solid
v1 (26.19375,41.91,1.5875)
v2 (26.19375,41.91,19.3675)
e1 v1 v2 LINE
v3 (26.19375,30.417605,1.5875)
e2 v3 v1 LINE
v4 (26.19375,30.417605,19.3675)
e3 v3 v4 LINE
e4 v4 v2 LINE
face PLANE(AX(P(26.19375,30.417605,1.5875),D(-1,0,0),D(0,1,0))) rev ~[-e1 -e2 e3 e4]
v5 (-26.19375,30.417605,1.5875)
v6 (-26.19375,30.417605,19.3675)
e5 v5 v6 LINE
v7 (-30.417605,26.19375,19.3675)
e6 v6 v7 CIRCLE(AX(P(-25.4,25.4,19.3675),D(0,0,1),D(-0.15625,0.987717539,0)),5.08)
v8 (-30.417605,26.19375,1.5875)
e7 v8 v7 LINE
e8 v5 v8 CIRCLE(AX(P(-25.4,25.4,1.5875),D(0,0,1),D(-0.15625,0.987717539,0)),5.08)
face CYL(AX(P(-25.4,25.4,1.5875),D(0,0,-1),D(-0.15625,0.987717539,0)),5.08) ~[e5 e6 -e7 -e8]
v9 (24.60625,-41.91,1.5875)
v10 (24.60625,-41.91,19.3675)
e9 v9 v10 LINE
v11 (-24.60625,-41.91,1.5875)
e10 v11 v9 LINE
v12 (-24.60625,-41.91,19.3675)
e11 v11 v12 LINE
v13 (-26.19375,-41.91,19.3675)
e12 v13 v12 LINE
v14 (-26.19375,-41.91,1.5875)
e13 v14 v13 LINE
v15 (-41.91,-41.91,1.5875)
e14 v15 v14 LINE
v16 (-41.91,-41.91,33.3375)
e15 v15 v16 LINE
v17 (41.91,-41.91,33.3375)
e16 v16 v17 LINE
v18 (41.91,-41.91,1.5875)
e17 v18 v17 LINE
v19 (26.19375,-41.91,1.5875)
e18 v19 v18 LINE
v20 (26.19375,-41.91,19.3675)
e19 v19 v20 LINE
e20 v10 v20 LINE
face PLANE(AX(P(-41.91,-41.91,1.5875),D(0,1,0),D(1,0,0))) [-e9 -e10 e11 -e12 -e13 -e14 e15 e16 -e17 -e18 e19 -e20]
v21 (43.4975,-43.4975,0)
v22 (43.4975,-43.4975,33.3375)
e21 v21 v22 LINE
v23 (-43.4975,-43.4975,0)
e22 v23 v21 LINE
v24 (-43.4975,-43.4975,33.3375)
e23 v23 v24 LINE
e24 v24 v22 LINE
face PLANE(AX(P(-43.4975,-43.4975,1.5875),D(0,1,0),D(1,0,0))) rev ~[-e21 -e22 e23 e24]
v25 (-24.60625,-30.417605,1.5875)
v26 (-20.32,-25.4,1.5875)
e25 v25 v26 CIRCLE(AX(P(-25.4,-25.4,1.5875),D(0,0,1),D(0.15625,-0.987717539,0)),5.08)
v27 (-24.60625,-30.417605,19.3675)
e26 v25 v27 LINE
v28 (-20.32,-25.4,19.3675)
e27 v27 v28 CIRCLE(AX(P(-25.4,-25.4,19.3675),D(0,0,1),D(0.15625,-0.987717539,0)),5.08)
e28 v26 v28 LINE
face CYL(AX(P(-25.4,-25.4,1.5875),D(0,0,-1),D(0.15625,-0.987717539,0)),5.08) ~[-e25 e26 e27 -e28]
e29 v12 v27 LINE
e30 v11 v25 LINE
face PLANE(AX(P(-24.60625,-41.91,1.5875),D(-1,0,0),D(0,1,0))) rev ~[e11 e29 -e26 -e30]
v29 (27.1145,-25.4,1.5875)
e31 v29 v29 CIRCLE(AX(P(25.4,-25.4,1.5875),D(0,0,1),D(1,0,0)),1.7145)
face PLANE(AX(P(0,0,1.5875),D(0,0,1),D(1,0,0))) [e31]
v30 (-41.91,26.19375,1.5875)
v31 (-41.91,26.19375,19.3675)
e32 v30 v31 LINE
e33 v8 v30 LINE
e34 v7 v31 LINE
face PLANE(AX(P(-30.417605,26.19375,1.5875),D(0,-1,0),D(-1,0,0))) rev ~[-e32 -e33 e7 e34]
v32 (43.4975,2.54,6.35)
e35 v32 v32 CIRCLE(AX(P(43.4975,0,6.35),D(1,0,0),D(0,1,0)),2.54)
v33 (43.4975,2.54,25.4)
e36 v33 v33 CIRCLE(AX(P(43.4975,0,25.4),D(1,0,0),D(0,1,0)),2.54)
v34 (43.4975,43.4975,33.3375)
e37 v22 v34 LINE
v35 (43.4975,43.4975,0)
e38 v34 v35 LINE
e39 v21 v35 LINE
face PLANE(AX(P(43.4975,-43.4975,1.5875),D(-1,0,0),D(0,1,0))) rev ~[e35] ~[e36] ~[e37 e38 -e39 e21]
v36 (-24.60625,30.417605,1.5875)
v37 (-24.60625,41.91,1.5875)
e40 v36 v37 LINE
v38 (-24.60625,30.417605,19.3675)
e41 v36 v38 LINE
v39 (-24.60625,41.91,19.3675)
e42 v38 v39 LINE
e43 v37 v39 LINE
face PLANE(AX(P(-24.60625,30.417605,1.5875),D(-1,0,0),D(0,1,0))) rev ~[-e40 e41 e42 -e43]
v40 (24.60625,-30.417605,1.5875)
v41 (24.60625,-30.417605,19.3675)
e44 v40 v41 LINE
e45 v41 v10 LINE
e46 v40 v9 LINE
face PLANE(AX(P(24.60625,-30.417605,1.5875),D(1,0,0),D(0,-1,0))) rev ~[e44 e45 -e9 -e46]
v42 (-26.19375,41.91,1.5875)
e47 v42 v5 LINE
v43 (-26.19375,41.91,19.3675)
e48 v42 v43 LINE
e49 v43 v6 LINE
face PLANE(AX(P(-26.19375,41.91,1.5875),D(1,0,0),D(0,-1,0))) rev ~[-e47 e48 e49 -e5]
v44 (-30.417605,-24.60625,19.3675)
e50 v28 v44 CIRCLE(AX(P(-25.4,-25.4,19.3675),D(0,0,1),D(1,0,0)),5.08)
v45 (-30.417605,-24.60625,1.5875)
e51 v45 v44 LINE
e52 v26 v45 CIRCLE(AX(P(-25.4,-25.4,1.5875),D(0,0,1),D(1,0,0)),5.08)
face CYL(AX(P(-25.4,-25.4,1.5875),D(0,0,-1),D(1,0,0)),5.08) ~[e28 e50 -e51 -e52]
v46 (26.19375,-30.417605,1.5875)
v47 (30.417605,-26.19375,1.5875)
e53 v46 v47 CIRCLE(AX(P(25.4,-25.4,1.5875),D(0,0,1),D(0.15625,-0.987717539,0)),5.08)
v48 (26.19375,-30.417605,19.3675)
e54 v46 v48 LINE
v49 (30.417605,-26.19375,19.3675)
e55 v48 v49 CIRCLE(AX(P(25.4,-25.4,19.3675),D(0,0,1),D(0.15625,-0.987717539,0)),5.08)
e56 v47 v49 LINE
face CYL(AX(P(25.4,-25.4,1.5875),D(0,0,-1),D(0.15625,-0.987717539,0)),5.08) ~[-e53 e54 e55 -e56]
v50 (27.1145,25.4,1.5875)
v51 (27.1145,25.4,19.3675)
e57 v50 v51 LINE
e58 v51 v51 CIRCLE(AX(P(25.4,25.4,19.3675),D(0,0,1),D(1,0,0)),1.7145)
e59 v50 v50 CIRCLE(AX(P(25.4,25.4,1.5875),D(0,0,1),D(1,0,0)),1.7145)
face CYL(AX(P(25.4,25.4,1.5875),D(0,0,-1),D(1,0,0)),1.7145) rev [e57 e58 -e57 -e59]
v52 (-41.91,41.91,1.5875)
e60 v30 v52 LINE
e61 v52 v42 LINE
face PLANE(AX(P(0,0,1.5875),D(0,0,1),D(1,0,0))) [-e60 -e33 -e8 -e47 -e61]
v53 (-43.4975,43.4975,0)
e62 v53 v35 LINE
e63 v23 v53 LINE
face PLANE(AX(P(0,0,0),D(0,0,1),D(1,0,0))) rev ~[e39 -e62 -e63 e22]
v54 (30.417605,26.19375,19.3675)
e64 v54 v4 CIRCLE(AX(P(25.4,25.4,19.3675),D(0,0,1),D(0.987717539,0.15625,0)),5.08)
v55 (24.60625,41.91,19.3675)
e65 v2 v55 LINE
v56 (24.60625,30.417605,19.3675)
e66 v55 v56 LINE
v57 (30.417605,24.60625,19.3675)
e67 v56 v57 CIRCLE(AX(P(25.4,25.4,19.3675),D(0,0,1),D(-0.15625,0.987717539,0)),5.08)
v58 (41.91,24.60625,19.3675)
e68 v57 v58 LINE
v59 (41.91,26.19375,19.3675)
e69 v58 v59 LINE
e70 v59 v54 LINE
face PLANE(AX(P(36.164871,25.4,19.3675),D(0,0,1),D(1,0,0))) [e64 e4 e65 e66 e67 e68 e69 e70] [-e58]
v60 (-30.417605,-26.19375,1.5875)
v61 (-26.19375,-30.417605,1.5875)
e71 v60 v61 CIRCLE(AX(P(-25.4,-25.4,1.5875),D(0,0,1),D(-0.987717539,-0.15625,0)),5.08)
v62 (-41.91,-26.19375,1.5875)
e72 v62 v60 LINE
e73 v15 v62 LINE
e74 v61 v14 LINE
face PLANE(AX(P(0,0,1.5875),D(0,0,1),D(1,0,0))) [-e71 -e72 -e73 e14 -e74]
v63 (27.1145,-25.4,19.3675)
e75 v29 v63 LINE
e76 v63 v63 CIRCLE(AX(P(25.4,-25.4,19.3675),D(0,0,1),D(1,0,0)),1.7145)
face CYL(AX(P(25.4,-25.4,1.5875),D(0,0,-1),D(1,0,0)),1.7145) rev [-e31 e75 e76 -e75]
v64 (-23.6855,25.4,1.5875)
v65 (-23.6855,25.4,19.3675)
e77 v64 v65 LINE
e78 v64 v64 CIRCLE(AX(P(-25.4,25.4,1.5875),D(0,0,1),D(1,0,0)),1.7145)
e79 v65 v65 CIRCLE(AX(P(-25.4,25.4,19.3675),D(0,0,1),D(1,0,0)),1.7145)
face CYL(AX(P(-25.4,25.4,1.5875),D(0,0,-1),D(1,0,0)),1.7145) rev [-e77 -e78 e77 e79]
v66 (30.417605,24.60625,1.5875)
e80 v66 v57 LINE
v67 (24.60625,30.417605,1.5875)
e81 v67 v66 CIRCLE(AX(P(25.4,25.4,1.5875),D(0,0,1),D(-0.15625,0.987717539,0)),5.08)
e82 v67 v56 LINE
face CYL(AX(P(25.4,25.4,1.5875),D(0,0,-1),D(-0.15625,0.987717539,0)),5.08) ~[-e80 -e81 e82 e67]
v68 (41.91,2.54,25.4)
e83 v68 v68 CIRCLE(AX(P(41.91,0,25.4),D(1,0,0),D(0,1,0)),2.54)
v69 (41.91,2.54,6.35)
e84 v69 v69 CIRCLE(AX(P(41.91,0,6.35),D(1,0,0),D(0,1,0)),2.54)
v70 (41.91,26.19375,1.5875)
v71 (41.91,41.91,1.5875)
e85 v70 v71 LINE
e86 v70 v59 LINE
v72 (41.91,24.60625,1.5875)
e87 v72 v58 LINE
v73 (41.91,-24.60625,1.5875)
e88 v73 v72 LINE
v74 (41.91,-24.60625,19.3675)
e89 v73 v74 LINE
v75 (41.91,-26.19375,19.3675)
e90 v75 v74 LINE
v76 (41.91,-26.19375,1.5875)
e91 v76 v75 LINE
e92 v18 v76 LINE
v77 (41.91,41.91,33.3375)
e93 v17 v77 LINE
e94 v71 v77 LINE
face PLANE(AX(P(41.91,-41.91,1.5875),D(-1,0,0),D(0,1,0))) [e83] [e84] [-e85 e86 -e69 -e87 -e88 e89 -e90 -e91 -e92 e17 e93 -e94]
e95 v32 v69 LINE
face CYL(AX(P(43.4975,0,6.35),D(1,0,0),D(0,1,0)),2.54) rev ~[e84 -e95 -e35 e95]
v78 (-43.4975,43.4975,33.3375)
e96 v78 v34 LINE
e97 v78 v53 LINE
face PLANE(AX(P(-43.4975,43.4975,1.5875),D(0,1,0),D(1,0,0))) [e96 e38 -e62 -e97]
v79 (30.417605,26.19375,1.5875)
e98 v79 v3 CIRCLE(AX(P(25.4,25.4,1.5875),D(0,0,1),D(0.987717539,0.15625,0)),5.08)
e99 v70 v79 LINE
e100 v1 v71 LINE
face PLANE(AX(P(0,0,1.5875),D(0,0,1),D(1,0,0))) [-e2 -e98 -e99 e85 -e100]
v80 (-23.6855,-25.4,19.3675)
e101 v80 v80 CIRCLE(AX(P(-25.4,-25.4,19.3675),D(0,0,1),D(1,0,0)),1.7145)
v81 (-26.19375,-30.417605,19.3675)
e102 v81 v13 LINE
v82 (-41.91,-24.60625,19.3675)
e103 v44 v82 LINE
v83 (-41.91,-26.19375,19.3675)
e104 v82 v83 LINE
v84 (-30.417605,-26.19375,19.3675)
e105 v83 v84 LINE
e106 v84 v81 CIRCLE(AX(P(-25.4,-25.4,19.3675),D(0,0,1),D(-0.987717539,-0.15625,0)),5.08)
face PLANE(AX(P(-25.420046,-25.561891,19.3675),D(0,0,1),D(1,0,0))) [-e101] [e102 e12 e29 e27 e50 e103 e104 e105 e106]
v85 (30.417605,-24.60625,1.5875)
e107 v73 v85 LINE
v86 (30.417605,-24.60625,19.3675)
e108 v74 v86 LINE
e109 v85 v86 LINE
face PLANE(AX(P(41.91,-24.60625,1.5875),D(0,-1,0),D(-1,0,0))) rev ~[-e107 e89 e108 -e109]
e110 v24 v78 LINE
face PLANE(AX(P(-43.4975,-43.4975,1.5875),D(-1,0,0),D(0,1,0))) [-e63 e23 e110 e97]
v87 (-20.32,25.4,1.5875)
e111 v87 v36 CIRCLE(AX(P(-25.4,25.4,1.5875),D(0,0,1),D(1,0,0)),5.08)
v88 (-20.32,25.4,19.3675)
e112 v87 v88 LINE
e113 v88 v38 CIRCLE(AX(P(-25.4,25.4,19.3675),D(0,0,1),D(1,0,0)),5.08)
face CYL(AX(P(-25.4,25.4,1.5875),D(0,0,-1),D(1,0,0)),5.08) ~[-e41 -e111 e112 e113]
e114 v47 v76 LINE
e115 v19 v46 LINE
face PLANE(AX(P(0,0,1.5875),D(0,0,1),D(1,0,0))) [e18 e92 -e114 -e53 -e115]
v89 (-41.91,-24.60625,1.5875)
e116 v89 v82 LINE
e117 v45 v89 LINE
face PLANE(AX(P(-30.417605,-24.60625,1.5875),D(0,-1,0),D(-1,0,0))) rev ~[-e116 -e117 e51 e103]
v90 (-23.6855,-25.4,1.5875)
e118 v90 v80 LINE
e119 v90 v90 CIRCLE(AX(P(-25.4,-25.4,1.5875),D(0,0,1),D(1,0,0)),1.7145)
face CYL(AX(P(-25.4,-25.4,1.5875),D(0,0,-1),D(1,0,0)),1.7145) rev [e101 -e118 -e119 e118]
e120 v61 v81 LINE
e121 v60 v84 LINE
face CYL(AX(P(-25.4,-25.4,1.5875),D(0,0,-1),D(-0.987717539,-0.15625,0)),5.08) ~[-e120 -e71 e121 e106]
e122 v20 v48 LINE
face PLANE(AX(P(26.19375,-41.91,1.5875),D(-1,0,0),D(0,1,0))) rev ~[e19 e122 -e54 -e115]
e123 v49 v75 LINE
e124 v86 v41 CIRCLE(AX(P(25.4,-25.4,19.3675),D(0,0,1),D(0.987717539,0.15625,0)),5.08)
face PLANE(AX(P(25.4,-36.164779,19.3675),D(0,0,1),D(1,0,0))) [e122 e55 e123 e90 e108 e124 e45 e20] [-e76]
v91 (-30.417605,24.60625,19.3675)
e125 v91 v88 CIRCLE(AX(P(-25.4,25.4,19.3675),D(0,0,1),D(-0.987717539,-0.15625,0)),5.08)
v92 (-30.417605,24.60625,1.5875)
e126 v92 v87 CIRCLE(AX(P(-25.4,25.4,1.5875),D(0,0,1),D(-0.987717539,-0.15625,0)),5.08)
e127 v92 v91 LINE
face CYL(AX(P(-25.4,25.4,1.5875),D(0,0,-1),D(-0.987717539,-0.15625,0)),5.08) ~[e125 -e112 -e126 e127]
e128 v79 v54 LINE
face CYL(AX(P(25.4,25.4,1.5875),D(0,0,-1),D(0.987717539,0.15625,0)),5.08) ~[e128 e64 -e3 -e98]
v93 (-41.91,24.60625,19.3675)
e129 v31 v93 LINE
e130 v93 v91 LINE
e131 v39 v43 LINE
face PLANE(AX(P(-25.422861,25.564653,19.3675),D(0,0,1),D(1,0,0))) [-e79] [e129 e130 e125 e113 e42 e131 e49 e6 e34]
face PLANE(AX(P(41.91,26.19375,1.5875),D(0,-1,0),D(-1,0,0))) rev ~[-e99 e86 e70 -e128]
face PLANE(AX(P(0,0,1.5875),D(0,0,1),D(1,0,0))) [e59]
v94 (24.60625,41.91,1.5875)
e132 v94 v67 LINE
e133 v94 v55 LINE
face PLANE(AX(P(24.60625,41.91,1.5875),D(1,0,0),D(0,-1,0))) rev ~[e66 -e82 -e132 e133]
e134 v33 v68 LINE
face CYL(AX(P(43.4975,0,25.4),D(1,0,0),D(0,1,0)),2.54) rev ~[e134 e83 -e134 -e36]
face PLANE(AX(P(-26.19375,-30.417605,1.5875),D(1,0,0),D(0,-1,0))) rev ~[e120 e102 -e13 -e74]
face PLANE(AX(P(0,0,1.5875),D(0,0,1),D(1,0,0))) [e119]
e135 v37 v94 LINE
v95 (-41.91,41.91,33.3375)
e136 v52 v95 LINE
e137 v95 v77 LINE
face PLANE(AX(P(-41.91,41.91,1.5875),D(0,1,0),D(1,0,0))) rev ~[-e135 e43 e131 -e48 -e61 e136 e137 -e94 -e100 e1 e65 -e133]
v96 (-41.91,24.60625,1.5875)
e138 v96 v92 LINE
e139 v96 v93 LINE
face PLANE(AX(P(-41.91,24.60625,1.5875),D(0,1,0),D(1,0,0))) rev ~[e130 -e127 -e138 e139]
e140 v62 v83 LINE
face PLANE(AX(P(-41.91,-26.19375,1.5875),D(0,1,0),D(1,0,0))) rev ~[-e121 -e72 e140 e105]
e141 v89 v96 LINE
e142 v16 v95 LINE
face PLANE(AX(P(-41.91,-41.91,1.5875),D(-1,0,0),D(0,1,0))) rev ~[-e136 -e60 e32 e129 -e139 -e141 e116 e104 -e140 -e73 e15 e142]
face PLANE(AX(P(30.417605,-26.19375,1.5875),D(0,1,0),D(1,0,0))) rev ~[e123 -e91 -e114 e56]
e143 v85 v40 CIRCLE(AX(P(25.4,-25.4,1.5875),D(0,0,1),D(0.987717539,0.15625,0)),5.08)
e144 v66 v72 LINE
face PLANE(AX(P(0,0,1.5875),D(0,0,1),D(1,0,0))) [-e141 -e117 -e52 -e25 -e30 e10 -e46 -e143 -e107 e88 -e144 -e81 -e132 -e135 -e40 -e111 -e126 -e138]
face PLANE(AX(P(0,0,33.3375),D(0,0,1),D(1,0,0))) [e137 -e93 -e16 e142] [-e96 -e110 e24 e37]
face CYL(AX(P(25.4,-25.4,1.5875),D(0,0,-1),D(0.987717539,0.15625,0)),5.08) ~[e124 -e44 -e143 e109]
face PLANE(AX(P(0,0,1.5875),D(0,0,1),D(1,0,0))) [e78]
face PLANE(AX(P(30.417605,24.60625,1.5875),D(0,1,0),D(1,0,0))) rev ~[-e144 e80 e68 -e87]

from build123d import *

# Parameters (mm, degrees)
F0_W     = 86.995
F0_H     = 86.995
F1_DEPTH = 1.5875
F2_W     = 86.995
F2_H     = 86.995
F2_W_2   = 83.82
F2_H_2   = 83.82
F3_DEPTH = 31.75
F4_R     = 1.7145
F5_DEPTH = 17.78
F6_R     = 2.54
F7_DEPTH = 1.5875


with BuildPart() as f1:
    # F0 (on Top) → F1 (new body)
    with BuildSketch(Plane.XY):
        Rectangle(F0_W, F0_H)
    extrude(amount=F1_DEPTH)

    # F2 (on face) → F3 (join)
    with BuildSketch(Plane.XY.offset(1.5875)):
        Rectangle(F2_W, F2_H)
        Rectangle(F2_W_2, F2_H_2, mode=Mode.SUBTRACT)
    extrude(amount=F3_DEPTH)

    # F4 (on face) → F5 (join)
    with BuildSketch(Plane.XY.offset(1.5875)):
        with BuildLine():
            ThreePointArc((-24.60625, -30.4176050998), (-21.5374457933, -28.6995567884), (-20.32, -25.4))
            ThreePointArc((-20.32, -25.4), (-25.0019007077, -20.3356227477), (-30.4176050998, -24.60625))
            Line((-30.4176050998, -24.60625), (-30.4176050998, -26.19375))
            ThreePointArc((-30.4176050998, -26.19375), (-28.9921024484, -28.9921024484), (-26.19375, -30.4176050998))
            Line((-26.19375, -30.4176050998), (-24.60625, -30.4176050998))
        make_face()
        with Locations((-25.4, -25.4)):
            Circle(F4_R, mode=Mode.SUBTRACT)
        with BuildLine():
            Line((-30.4176050998, -26.19375), (-30.4176050998, -24.60625))
            ThreePointArc((-30.4176050998, -24.60625), (-30.48, -25.4), (-30.4176050998, -26.19375))
        make_face()
        with BuildLine():
            ThreePointArc((-30.4176050998, -26.19375), (-30.48, -25.4), (-30.4176050998, -24.60625))
            Line((-30.4176050998, -24.60625), (-41.91, -24.60625))
            Line((-41.91, -24.60625), (-41.91, -26.19375))
            Line((-41.91, -26.19375), (-30.4176050998, -26.19375))
        make_face()
        with BuildLine():
            Line((-24.60625, -41.91), (-24.60625, -30.4176050998))
            ThreePointArc((-24.60625, -30.4176050998), (-25.4, -30.48), (-26.19375, -30.4176050998))
            Line((-26.19375, -30.4176050998), (-26.19375, -41.91))
            Line((-26.19375, -41.91), (-24.60625, -41.91))
        make_face()
        with BuildLine():
            ThreePointArc((-26.19375, -30.4176050998), (-25.4, -30.48), (-24.60625, -30.4176050998))
            Line((-24.60625, -30.4176050998), (-26.19375, -30.4176050998))
        make_face()
        with BuildLine():
            ThreePointArc((-30.4176050998, 24.60625), (-25.0019007077, 20.3356227477), (-20.32, 25.4))
            ThreePointArc((-20.32, 25.4), (-21.5374457933, 28.6995567884), (-24.60625, 30.4176050998))
            ThreePointArc((-24.60625, 30.4176050998), (-25.4, 30.48), (-26.19375, 30.4176050998))
            ThreePointArc((-26.19375, 30.4176050998), (-28.9921024484, 28.9921024484), (-30.4176050998, 26.19375))
            ThreePointArc((-30.4176050998, 26.19375), (-30.48, 25.4), (-30.4176050998, 24.60625))
        make_face()
        with Locations((-25.4, 25.4)):
            Circle(F4_R, mode=Mode.SUBTRACT)
        with BuildLine():
            ThreePointArc((-26.19375, 30.4176050998), (-25.4, 30.48), (-24.60625, 30.4176050998))
            Line((-24.60625, 30.4176050998), (-24.60625, 41.91))
            Line((-24.60625, 41.91), (-26.19375, 41.91))
            Line((-26.19375, 41.91), (-26.19375, 30.4176050998))
        make_face()
        with BuildLine():
            Line((-41.91, 24.60625), (-30.4176050998, 24.60625))
            ThreePointArc((-30.4176050998, 24.60625), (-30.48, 25.4), (-30.4176050998, 26.19375))
            Line((-30.4176050998, 26.19375), (-41.91, 26.19375))
            Line((-41.91, 26.19375), (-41.91, 24.60625))
        make_face()
        with BuildLine():
            Line((24.60625, -41.91), (26.19375, -41.91))
            Line((26.19375, -41.91), (26.19375, -30.4176050998))
            ThreePointArc((26.19375, -30.4176050998), (25.4, -30.48), (24.60625, -30.4176050998))
            Line((24.60625, -30.4176050998), (24.60625, -41.91))
        make_face()
        with BuildLine():
            ThreePointArc((24.60625, -30.4176050998), (25.4, -30.48), (26.19375, -30.4176050998))
            ThreePointArc((26.19375, -30.4176050998), (28.9921024484, -28.9921024484), (30.4176050998, -26.19375))
            ThreePointArc((30.4176050998, -26.19375), (30.4643772523, -25.7980992923), (30.48, -25.4))
            ThreePointArc((30.48, -25.4), (30.4643772523, -25.0019007077), (30.4176050998, -24.60625))
            ThreePointArc((30.4176050998, -24.60625), (21.8078975516, -21.8078975516), (24.60625, -30.4176050998))
        make_face()
        with Locations((25.4, -25.4)):
            Circle(F4_R, mode=Mode.SUBTRACT)
        with BuildLine():
            ThreePointArc((30.48, -25.4), (30.4643772523, -25.7980992923), (30.4176050998, -26.19375))
            Line((30.4176050998, -26.19375), (41.91, -26.19375))
            Line((41.91, -26.19375), (41.91, -24.60625))
            Line((41.91, -24.60625), (30.4176050998, -24.60625))
            ThreePointArc((30.4176050998, -24.60625), (30.4643772523, -25.0019007077), (30.48, -25.4))
        make_face()
        with BuildLine():
            Line((30.4176050998, 24.60625), (41.91, 24.60625))
            Line((41.91, 24.60625), (41.91, 26.19375))
            Line((41.91, 26.19375), (30.4176050998, 26.19375))
            ThreePointArc((30.4176050998, 26.19375), (30.4643772523, 25.7980992923), (30.48, 25.4))
            ThreePointArc((30.48, 25.4), (30.4643772523, 25.0019007077), (30.4176050998, 24.60625))
        make_face()
        with BuildLine():
            ThreePointArc((24.60625, 30.4176050998), (21.8078975516, 21.8078975516), (30.4176050998, 24.60625))
            ThreePointArc((30.4176050998, 24.60625), (30.4643772523, 25.0019007077), (30.48, 25.4))
            ThreePointArc((30.48, 25.4), (30.4643772523, 25.7980992923), (30.4176050998, 26.19375))
            ThreePointArc((30.4176050998, 26.19375), (28.9921024484, 28.9921024484), (26.19375, 30.4176050998))
            ThreePointArc((26.19375, 30.4176050998), (25.4, 30.48), (24.60625, 30.4176050998))
        make_face()
        with Locations((25.4, 25.4)):
            Circle(F4_R, mode=Mode.SUBTRACT)
        with BuildLine():
            Line((24.60625, 41.91), (24.60625, 30.4176050998))
            ThreePointArc((24.60625, 30.4176050998), (25.4, 30.48), (26.19375, 30.4176050998))
            Line((26.19375, 30.4176050998), (26.19375, 41.91))
            Line((26.19375, 41.91), (24.60625, 41.91))
        make_face()
    extrude(amount=F5_DEPTH)

    # F6 (on face) → F7 (cut, through all)
    with BuildSketch(Plane.YZ.offset(43.4975)):
        with Locations((0, 25.4)):
            Circle(F6_R)
        with Locations((0, 6.35)):
            Circle(F6_R)
    extrude(amount=-F7_DEPTH, mode=Mode.SUBTRACT)


solid = f1.part
